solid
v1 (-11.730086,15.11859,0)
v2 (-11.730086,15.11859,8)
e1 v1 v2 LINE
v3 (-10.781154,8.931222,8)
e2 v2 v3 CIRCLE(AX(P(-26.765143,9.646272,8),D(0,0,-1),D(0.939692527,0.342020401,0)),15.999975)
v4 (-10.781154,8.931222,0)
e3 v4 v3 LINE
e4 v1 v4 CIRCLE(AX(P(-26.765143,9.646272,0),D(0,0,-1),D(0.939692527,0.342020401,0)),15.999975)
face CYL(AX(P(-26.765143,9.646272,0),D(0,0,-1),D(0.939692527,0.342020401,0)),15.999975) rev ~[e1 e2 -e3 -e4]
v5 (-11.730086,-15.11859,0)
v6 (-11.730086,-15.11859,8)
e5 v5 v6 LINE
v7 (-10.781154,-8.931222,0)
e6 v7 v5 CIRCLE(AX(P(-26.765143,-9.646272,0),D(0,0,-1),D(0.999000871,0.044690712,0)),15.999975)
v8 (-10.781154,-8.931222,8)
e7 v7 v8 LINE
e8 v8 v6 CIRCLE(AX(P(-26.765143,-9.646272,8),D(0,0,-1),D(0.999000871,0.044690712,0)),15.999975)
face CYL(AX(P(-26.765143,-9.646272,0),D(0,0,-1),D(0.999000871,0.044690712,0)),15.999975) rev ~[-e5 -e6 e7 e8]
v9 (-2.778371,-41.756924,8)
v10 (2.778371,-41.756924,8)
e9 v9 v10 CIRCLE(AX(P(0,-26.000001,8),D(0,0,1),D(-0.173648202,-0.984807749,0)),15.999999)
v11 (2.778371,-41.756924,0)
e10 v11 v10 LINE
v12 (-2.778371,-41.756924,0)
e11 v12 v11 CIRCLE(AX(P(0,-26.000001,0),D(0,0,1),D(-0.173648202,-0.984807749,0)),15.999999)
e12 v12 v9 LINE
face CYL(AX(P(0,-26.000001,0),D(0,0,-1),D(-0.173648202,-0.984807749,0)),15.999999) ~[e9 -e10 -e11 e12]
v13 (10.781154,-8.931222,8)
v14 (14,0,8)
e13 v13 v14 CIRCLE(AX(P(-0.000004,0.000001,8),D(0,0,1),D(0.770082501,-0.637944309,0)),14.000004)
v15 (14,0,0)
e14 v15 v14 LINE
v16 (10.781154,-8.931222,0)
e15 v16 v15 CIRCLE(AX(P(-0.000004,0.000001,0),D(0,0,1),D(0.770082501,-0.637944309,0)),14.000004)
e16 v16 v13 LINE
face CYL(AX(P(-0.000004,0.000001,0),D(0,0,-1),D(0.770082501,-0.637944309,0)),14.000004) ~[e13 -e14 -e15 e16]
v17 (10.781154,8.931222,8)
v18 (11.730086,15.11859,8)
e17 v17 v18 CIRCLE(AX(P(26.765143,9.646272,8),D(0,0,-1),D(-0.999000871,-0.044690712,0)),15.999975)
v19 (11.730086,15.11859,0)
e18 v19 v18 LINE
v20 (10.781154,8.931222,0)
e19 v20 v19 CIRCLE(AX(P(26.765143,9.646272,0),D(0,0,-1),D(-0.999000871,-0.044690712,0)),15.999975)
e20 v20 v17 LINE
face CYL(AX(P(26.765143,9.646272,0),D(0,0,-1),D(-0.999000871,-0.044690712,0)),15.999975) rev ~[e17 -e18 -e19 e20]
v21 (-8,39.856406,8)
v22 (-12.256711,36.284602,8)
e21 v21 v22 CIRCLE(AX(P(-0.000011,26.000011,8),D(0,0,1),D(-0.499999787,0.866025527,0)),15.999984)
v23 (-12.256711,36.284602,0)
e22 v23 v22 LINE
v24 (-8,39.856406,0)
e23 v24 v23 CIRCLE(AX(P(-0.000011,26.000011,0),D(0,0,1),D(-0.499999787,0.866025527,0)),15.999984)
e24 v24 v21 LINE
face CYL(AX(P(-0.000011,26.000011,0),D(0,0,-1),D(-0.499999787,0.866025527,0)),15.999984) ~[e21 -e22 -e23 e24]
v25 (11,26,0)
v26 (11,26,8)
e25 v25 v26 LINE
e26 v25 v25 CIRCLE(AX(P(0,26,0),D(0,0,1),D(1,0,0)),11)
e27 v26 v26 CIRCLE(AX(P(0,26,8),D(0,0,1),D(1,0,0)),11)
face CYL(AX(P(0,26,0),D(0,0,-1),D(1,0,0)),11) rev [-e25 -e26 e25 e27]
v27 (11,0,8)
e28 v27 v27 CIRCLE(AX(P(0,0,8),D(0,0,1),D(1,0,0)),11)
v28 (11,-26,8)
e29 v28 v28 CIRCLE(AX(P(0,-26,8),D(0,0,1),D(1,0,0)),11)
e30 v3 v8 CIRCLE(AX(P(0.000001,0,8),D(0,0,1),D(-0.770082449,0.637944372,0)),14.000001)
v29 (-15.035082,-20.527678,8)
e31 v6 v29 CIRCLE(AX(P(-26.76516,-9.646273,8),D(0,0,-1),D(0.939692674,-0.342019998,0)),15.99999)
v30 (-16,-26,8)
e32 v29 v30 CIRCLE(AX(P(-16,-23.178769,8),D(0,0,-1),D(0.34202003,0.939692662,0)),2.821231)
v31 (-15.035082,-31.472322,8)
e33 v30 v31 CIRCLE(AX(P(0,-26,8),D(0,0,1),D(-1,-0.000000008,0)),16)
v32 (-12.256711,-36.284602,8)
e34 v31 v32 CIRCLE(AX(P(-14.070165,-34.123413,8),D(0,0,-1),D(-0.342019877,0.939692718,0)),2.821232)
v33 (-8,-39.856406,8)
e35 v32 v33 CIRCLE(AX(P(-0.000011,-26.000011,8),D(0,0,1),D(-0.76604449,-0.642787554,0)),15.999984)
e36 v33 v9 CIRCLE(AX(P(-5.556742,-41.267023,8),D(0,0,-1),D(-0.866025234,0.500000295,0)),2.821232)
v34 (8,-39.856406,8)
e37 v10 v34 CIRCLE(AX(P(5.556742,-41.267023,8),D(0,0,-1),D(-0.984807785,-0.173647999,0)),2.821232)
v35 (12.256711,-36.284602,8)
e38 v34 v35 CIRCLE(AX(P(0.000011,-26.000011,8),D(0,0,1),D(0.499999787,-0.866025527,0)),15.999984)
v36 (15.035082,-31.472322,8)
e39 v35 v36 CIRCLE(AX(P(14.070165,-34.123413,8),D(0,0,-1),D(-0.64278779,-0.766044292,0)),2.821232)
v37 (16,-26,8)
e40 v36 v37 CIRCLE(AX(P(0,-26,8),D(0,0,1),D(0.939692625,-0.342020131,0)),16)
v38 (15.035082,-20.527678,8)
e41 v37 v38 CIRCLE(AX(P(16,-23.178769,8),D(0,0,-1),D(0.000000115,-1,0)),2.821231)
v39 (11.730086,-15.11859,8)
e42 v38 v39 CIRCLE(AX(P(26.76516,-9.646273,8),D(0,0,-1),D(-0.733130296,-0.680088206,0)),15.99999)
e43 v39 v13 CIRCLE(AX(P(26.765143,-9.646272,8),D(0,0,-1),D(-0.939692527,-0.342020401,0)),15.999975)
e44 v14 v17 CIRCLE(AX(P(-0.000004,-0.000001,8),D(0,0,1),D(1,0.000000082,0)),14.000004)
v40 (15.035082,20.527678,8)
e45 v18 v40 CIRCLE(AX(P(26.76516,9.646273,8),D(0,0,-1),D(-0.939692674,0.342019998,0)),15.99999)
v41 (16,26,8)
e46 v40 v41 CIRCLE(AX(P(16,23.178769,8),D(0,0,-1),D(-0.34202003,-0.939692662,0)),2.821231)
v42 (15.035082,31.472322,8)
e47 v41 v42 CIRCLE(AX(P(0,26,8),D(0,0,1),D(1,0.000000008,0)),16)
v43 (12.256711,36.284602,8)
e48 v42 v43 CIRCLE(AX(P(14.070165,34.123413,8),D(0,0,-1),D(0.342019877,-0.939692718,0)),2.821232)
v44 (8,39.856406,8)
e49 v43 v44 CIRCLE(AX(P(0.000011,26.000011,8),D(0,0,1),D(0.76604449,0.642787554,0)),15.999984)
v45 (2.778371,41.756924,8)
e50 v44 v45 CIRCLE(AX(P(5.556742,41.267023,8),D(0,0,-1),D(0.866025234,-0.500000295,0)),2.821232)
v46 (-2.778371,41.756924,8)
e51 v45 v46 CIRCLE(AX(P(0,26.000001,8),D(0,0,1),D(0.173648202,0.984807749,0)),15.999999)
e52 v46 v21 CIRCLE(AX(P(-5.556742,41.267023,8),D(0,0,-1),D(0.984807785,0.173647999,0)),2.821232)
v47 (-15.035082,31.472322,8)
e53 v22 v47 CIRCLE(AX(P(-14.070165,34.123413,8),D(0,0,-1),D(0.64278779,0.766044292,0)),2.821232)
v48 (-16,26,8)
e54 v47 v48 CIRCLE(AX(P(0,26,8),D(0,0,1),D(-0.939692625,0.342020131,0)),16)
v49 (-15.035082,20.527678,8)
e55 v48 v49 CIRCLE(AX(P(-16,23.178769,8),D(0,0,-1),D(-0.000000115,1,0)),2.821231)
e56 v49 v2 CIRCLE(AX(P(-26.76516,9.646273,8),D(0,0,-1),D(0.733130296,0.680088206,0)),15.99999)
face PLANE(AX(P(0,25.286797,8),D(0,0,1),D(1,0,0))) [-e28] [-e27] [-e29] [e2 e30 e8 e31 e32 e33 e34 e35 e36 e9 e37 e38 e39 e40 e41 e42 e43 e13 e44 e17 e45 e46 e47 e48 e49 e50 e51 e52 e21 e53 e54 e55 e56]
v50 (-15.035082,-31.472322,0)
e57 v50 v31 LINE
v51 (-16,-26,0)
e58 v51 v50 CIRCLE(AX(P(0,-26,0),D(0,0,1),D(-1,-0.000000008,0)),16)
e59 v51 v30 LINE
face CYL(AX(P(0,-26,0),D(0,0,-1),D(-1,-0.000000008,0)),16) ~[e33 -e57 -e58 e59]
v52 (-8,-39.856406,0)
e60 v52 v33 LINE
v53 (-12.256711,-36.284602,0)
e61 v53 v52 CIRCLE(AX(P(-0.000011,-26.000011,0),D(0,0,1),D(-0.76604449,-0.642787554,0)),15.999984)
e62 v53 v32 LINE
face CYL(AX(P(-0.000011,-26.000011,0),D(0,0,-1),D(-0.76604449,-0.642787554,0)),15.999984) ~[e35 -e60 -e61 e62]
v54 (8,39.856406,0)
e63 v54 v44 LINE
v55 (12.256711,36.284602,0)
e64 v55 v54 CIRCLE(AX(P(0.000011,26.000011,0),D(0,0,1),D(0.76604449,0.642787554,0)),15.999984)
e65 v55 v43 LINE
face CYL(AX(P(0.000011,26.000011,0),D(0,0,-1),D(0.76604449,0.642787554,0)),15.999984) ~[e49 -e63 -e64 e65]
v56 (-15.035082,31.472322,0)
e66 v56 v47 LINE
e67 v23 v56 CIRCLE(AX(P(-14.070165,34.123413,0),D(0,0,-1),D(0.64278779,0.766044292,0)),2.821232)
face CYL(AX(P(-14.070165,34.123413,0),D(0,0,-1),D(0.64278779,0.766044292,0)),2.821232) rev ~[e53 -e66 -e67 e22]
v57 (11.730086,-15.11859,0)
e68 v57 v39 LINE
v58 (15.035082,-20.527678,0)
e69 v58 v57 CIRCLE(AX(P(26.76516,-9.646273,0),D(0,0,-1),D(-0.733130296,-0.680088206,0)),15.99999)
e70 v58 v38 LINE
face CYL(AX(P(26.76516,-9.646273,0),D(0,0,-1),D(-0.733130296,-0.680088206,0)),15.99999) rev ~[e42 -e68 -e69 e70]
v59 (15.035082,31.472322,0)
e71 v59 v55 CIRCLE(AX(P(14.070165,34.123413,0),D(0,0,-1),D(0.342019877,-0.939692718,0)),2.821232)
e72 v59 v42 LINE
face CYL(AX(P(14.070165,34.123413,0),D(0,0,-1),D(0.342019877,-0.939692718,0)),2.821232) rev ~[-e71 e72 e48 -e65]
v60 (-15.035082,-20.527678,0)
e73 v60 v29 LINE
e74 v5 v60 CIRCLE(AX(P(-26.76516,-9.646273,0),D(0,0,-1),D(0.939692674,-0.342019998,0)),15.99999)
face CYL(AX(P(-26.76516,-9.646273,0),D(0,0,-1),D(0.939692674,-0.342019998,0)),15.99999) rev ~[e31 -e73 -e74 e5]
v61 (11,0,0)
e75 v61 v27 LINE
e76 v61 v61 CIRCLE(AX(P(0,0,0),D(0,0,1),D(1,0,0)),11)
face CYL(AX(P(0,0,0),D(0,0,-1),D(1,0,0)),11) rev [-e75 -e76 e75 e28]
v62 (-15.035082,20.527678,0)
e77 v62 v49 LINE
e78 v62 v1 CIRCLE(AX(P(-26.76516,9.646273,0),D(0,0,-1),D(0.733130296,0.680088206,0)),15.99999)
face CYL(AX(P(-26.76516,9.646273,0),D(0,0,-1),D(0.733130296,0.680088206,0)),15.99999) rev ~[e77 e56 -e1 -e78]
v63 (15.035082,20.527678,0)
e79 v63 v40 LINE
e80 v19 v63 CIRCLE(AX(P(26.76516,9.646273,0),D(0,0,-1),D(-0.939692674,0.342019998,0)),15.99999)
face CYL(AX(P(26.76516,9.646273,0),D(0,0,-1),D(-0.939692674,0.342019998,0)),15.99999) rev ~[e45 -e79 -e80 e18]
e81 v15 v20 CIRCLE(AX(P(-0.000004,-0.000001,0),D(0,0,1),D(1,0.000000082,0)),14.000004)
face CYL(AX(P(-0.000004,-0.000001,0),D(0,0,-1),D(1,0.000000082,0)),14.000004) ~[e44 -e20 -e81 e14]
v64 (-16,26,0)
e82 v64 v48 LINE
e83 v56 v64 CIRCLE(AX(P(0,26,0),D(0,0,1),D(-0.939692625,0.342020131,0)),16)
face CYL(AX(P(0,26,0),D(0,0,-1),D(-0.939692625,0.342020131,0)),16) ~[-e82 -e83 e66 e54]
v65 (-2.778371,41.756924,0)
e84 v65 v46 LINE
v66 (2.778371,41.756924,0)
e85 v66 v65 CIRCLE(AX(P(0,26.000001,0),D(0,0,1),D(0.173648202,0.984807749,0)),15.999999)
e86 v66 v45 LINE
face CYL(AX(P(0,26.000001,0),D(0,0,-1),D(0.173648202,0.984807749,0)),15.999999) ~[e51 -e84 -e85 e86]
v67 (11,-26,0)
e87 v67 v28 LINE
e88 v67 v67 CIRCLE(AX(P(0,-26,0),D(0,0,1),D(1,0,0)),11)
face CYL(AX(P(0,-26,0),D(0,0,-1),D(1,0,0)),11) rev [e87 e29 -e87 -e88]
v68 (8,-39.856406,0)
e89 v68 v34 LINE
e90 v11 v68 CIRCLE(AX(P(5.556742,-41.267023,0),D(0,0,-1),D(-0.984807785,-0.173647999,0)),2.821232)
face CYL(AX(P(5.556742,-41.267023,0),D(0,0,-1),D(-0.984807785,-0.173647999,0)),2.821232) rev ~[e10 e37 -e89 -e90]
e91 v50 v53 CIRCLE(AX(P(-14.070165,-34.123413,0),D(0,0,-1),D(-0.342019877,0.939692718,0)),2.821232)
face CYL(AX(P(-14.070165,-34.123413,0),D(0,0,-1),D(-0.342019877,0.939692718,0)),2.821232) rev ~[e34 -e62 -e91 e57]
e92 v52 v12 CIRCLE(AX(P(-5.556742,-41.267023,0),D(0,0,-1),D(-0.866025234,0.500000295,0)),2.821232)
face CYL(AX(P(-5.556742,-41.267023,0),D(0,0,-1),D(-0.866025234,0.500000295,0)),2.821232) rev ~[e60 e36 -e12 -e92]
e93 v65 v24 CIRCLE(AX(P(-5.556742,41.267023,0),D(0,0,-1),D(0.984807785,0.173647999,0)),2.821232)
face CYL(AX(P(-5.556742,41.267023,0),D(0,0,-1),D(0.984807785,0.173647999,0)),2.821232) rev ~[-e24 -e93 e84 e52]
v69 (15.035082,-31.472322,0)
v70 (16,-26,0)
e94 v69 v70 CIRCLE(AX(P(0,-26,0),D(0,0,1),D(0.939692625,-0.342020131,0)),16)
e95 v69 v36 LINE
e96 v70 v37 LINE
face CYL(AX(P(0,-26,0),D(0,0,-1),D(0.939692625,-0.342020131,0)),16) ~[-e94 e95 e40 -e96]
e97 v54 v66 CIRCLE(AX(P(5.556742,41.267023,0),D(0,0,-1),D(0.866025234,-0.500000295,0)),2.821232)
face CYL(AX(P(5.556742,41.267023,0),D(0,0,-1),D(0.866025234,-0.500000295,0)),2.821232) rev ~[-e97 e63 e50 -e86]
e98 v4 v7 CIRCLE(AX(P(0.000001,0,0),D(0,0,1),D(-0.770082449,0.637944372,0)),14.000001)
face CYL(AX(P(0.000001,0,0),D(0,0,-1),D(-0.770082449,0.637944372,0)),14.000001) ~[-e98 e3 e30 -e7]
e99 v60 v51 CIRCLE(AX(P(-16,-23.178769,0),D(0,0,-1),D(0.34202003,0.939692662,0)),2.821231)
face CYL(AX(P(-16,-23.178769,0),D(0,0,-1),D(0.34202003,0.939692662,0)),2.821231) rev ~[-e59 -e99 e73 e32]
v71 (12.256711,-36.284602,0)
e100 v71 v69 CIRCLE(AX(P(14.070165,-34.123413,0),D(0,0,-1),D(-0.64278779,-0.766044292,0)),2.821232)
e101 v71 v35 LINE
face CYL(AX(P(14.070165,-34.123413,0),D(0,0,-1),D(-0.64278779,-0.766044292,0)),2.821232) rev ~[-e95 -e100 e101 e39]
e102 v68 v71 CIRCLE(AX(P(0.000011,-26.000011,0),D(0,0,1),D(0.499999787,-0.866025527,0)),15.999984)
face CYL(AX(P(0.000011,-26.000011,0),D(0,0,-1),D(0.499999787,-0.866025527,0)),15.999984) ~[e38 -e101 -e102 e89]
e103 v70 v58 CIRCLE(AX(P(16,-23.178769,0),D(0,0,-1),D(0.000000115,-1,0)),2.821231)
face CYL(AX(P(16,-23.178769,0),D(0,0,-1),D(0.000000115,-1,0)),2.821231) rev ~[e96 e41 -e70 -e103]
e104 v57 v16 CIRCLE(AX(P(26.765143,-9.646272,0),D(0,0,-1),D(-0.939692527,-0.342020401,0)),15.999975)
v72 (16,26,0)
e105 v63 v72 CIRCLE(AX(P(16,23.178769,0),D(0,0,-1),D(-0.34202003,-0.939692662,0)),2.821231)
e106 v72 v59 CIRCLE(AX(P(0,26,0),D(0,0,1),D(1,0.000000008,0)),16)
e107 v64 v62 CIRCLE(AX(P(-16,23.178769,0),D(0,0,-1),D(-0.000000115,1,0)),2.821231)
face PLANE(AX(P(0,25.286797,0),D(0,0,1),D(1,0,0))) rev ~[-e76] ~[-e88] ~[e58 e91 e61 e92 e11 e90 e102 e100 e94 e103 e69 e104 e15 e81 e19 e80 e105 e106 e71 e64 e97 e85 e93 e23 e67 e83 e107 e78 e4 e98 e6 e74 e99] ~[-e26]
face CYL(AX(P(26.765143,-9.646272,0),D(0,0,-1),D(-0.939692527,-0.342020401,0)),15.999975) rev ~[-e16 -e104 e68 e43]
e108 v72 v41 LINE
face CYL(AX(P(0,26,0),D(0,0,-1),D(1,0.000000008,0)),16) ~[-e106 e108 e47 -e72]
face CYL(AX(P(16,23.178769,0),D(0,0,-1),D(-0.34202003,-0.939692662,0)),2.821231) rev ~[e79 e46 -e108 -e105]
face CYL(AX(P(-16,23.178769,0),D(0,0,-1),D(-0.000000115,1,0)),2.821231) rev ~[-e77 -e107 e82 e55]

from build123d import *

# Parameters (mm, degrees)
F0_R     = 11
F1_DEPTH = 8


with BuildPart() as f1:
    # F0 (on Top) → F1 (new body)
    with BuildSketch(Plane.XY):
        with BuildLine():
            ThreePointArc((-10.781154, 8.931222), (0, 14), (10.781154, 8.931222))
            ThreePointArc((10.781154, 8.931222), (10.950081, 12.071765), (11.730086, 15.11859))
            ThreePointArc((11.730086, 15.11859), (13.112032, 17.988443), (15.035082, 20.527678))
            ThreePointArc((15.035082, 20.527678), (13.221629, 23.66867), (16, 26))
            ThreePointArc((16, 26), (15.756924, 28.778371), (15.035082, 31.472322))
            ThreePointArc((15.035082, 31.472322), (11.626906, 32.712797), (12.256711, 36.284602))
            ThreePointArc((12.256711, 36.284602), (10.284602, 38.256711), (8, 39.856406))
            ThreePointArc((8, 39.856406), (4.591824, 38.615932), (2.778371, 41.756924))
            ThreePointArc((2.778371, 41.756924), (0, 42), (-2.778371, 41.756924))
            ThreePointArc((-2.778371, 41.756924), (-4.591824, 38.615932), (-8, 39.856406))
            ThreePointArc((-8, 39.856406), (-10.284602, 38.256711), (-12.256711, 36.284602))
            ThreePointArc((-12.256711, 36.284602), (-11.626906, 32.712797), (-15.035082, 31.472322))
            ThreePointArc((-15.035082, 31.472322), (-15.756924, 28.778371), (-16, 26))
            ThreePointArc((-16, 26), (-13.221629, 23.66867), (-15.035082, 20.527678))
            ThreePointArc((-15.035082, 20.527678), (-13.112032, 17.988443), (-11.730086, 15.11859))
            ThreePointArc((-11.730086, 15.11859), (-10.950081, 12.071765), (-10.781154, 8.931222))
        make_face()
        with Locations((0, 26)):
            Circle(F0_R, mode=Mode.SUBTRACT)
        with BuildLine():
            ThreePointArc((10.781154, -8.931222), (13.170728, -4.74678), (14, 0))
            ThreePointArc((14, 0), (13.170728, 4.74678), (10.781154, 8.931222))
            ThreePointArc((10.781154, 8.931222), (0, 14), (-10.781154, 8.931222))
            ThreePointArc((-10.781154, 8.931222), (-14, 0), (-10.781154, -8.931222))
            ThreePointArc((-10.781154, -8.931222), (0, -14), (10.781154, -8.931222))
        make_face()
        Circle(F0_R, mode=Mode.SUBTRACT)
        with BuildLine():
            ThreePointArc((11.730086, -15.11859), (10.950081, -12.071765), (10.781154, -8.931222))
            ThreePointArc((10.781154, -8.931222), (0, -14), (-10.781154, -8.931222))
            ThreePointArc((-10.781154, -8.931222), (-10.950081, -12.071765), (-11.730086, -15.11859))
            ThreePointArc((-11.730086, -15.11859), (-13.112032, -17.988443), (-15.035082, -20.527678))
            ThreePointArc((-15.035082, -20.527678), (-13.221629, -23.66867), (-16, -26))
            ThreePointArc((-16, -26), (-15.756924, -28.778371), (-15.035082, -31.472322))
            ThreePointArc((-15.035082, -31.472322), (-11.626906, -32.712797), (-12.256711, -36.284602))
            ThreePointArc((-12.256711, -36.284602), (-10.284602, -38.256711), (-8, -39.856406))
            ThreePointArc((-8, -39.856406), (-4.591824, -38.615932), (-2.778371, -41.756924))
            ThreePointArc((-2.778371, -41.756924), (0, -42), (2.778371, -41.756924))
            ThreePointArc((2.778371, -41.756924), (4.591824, -38.615932), (8, -39.856406))
            ThreePointArc((8, -39.856406), (10.284602, -38.256711), (12.256711, -36.284602))
            ThreePointArc((12.256711, -36.284602), (11.626906, -32.712797), (15.035082, -31.472322))
            ThreePointArc((15.035082, -31.472322), (15.756924, -28.778371), (16, -26))
            ThreePointArc((16, -26), (13.221629, -23.66867), (15.035082, -20.527678))
            ThreePointArc((15.035082, -20.527678), (13.112032, -17.988443), (11.730086, -15.11859))
        make_face()
        with Locations((0, -26)):
            Circle(F0_R, mode=Mode.SUBTRACT)
    extrude(amount=F1_DEPTH)


solid = f1.part
